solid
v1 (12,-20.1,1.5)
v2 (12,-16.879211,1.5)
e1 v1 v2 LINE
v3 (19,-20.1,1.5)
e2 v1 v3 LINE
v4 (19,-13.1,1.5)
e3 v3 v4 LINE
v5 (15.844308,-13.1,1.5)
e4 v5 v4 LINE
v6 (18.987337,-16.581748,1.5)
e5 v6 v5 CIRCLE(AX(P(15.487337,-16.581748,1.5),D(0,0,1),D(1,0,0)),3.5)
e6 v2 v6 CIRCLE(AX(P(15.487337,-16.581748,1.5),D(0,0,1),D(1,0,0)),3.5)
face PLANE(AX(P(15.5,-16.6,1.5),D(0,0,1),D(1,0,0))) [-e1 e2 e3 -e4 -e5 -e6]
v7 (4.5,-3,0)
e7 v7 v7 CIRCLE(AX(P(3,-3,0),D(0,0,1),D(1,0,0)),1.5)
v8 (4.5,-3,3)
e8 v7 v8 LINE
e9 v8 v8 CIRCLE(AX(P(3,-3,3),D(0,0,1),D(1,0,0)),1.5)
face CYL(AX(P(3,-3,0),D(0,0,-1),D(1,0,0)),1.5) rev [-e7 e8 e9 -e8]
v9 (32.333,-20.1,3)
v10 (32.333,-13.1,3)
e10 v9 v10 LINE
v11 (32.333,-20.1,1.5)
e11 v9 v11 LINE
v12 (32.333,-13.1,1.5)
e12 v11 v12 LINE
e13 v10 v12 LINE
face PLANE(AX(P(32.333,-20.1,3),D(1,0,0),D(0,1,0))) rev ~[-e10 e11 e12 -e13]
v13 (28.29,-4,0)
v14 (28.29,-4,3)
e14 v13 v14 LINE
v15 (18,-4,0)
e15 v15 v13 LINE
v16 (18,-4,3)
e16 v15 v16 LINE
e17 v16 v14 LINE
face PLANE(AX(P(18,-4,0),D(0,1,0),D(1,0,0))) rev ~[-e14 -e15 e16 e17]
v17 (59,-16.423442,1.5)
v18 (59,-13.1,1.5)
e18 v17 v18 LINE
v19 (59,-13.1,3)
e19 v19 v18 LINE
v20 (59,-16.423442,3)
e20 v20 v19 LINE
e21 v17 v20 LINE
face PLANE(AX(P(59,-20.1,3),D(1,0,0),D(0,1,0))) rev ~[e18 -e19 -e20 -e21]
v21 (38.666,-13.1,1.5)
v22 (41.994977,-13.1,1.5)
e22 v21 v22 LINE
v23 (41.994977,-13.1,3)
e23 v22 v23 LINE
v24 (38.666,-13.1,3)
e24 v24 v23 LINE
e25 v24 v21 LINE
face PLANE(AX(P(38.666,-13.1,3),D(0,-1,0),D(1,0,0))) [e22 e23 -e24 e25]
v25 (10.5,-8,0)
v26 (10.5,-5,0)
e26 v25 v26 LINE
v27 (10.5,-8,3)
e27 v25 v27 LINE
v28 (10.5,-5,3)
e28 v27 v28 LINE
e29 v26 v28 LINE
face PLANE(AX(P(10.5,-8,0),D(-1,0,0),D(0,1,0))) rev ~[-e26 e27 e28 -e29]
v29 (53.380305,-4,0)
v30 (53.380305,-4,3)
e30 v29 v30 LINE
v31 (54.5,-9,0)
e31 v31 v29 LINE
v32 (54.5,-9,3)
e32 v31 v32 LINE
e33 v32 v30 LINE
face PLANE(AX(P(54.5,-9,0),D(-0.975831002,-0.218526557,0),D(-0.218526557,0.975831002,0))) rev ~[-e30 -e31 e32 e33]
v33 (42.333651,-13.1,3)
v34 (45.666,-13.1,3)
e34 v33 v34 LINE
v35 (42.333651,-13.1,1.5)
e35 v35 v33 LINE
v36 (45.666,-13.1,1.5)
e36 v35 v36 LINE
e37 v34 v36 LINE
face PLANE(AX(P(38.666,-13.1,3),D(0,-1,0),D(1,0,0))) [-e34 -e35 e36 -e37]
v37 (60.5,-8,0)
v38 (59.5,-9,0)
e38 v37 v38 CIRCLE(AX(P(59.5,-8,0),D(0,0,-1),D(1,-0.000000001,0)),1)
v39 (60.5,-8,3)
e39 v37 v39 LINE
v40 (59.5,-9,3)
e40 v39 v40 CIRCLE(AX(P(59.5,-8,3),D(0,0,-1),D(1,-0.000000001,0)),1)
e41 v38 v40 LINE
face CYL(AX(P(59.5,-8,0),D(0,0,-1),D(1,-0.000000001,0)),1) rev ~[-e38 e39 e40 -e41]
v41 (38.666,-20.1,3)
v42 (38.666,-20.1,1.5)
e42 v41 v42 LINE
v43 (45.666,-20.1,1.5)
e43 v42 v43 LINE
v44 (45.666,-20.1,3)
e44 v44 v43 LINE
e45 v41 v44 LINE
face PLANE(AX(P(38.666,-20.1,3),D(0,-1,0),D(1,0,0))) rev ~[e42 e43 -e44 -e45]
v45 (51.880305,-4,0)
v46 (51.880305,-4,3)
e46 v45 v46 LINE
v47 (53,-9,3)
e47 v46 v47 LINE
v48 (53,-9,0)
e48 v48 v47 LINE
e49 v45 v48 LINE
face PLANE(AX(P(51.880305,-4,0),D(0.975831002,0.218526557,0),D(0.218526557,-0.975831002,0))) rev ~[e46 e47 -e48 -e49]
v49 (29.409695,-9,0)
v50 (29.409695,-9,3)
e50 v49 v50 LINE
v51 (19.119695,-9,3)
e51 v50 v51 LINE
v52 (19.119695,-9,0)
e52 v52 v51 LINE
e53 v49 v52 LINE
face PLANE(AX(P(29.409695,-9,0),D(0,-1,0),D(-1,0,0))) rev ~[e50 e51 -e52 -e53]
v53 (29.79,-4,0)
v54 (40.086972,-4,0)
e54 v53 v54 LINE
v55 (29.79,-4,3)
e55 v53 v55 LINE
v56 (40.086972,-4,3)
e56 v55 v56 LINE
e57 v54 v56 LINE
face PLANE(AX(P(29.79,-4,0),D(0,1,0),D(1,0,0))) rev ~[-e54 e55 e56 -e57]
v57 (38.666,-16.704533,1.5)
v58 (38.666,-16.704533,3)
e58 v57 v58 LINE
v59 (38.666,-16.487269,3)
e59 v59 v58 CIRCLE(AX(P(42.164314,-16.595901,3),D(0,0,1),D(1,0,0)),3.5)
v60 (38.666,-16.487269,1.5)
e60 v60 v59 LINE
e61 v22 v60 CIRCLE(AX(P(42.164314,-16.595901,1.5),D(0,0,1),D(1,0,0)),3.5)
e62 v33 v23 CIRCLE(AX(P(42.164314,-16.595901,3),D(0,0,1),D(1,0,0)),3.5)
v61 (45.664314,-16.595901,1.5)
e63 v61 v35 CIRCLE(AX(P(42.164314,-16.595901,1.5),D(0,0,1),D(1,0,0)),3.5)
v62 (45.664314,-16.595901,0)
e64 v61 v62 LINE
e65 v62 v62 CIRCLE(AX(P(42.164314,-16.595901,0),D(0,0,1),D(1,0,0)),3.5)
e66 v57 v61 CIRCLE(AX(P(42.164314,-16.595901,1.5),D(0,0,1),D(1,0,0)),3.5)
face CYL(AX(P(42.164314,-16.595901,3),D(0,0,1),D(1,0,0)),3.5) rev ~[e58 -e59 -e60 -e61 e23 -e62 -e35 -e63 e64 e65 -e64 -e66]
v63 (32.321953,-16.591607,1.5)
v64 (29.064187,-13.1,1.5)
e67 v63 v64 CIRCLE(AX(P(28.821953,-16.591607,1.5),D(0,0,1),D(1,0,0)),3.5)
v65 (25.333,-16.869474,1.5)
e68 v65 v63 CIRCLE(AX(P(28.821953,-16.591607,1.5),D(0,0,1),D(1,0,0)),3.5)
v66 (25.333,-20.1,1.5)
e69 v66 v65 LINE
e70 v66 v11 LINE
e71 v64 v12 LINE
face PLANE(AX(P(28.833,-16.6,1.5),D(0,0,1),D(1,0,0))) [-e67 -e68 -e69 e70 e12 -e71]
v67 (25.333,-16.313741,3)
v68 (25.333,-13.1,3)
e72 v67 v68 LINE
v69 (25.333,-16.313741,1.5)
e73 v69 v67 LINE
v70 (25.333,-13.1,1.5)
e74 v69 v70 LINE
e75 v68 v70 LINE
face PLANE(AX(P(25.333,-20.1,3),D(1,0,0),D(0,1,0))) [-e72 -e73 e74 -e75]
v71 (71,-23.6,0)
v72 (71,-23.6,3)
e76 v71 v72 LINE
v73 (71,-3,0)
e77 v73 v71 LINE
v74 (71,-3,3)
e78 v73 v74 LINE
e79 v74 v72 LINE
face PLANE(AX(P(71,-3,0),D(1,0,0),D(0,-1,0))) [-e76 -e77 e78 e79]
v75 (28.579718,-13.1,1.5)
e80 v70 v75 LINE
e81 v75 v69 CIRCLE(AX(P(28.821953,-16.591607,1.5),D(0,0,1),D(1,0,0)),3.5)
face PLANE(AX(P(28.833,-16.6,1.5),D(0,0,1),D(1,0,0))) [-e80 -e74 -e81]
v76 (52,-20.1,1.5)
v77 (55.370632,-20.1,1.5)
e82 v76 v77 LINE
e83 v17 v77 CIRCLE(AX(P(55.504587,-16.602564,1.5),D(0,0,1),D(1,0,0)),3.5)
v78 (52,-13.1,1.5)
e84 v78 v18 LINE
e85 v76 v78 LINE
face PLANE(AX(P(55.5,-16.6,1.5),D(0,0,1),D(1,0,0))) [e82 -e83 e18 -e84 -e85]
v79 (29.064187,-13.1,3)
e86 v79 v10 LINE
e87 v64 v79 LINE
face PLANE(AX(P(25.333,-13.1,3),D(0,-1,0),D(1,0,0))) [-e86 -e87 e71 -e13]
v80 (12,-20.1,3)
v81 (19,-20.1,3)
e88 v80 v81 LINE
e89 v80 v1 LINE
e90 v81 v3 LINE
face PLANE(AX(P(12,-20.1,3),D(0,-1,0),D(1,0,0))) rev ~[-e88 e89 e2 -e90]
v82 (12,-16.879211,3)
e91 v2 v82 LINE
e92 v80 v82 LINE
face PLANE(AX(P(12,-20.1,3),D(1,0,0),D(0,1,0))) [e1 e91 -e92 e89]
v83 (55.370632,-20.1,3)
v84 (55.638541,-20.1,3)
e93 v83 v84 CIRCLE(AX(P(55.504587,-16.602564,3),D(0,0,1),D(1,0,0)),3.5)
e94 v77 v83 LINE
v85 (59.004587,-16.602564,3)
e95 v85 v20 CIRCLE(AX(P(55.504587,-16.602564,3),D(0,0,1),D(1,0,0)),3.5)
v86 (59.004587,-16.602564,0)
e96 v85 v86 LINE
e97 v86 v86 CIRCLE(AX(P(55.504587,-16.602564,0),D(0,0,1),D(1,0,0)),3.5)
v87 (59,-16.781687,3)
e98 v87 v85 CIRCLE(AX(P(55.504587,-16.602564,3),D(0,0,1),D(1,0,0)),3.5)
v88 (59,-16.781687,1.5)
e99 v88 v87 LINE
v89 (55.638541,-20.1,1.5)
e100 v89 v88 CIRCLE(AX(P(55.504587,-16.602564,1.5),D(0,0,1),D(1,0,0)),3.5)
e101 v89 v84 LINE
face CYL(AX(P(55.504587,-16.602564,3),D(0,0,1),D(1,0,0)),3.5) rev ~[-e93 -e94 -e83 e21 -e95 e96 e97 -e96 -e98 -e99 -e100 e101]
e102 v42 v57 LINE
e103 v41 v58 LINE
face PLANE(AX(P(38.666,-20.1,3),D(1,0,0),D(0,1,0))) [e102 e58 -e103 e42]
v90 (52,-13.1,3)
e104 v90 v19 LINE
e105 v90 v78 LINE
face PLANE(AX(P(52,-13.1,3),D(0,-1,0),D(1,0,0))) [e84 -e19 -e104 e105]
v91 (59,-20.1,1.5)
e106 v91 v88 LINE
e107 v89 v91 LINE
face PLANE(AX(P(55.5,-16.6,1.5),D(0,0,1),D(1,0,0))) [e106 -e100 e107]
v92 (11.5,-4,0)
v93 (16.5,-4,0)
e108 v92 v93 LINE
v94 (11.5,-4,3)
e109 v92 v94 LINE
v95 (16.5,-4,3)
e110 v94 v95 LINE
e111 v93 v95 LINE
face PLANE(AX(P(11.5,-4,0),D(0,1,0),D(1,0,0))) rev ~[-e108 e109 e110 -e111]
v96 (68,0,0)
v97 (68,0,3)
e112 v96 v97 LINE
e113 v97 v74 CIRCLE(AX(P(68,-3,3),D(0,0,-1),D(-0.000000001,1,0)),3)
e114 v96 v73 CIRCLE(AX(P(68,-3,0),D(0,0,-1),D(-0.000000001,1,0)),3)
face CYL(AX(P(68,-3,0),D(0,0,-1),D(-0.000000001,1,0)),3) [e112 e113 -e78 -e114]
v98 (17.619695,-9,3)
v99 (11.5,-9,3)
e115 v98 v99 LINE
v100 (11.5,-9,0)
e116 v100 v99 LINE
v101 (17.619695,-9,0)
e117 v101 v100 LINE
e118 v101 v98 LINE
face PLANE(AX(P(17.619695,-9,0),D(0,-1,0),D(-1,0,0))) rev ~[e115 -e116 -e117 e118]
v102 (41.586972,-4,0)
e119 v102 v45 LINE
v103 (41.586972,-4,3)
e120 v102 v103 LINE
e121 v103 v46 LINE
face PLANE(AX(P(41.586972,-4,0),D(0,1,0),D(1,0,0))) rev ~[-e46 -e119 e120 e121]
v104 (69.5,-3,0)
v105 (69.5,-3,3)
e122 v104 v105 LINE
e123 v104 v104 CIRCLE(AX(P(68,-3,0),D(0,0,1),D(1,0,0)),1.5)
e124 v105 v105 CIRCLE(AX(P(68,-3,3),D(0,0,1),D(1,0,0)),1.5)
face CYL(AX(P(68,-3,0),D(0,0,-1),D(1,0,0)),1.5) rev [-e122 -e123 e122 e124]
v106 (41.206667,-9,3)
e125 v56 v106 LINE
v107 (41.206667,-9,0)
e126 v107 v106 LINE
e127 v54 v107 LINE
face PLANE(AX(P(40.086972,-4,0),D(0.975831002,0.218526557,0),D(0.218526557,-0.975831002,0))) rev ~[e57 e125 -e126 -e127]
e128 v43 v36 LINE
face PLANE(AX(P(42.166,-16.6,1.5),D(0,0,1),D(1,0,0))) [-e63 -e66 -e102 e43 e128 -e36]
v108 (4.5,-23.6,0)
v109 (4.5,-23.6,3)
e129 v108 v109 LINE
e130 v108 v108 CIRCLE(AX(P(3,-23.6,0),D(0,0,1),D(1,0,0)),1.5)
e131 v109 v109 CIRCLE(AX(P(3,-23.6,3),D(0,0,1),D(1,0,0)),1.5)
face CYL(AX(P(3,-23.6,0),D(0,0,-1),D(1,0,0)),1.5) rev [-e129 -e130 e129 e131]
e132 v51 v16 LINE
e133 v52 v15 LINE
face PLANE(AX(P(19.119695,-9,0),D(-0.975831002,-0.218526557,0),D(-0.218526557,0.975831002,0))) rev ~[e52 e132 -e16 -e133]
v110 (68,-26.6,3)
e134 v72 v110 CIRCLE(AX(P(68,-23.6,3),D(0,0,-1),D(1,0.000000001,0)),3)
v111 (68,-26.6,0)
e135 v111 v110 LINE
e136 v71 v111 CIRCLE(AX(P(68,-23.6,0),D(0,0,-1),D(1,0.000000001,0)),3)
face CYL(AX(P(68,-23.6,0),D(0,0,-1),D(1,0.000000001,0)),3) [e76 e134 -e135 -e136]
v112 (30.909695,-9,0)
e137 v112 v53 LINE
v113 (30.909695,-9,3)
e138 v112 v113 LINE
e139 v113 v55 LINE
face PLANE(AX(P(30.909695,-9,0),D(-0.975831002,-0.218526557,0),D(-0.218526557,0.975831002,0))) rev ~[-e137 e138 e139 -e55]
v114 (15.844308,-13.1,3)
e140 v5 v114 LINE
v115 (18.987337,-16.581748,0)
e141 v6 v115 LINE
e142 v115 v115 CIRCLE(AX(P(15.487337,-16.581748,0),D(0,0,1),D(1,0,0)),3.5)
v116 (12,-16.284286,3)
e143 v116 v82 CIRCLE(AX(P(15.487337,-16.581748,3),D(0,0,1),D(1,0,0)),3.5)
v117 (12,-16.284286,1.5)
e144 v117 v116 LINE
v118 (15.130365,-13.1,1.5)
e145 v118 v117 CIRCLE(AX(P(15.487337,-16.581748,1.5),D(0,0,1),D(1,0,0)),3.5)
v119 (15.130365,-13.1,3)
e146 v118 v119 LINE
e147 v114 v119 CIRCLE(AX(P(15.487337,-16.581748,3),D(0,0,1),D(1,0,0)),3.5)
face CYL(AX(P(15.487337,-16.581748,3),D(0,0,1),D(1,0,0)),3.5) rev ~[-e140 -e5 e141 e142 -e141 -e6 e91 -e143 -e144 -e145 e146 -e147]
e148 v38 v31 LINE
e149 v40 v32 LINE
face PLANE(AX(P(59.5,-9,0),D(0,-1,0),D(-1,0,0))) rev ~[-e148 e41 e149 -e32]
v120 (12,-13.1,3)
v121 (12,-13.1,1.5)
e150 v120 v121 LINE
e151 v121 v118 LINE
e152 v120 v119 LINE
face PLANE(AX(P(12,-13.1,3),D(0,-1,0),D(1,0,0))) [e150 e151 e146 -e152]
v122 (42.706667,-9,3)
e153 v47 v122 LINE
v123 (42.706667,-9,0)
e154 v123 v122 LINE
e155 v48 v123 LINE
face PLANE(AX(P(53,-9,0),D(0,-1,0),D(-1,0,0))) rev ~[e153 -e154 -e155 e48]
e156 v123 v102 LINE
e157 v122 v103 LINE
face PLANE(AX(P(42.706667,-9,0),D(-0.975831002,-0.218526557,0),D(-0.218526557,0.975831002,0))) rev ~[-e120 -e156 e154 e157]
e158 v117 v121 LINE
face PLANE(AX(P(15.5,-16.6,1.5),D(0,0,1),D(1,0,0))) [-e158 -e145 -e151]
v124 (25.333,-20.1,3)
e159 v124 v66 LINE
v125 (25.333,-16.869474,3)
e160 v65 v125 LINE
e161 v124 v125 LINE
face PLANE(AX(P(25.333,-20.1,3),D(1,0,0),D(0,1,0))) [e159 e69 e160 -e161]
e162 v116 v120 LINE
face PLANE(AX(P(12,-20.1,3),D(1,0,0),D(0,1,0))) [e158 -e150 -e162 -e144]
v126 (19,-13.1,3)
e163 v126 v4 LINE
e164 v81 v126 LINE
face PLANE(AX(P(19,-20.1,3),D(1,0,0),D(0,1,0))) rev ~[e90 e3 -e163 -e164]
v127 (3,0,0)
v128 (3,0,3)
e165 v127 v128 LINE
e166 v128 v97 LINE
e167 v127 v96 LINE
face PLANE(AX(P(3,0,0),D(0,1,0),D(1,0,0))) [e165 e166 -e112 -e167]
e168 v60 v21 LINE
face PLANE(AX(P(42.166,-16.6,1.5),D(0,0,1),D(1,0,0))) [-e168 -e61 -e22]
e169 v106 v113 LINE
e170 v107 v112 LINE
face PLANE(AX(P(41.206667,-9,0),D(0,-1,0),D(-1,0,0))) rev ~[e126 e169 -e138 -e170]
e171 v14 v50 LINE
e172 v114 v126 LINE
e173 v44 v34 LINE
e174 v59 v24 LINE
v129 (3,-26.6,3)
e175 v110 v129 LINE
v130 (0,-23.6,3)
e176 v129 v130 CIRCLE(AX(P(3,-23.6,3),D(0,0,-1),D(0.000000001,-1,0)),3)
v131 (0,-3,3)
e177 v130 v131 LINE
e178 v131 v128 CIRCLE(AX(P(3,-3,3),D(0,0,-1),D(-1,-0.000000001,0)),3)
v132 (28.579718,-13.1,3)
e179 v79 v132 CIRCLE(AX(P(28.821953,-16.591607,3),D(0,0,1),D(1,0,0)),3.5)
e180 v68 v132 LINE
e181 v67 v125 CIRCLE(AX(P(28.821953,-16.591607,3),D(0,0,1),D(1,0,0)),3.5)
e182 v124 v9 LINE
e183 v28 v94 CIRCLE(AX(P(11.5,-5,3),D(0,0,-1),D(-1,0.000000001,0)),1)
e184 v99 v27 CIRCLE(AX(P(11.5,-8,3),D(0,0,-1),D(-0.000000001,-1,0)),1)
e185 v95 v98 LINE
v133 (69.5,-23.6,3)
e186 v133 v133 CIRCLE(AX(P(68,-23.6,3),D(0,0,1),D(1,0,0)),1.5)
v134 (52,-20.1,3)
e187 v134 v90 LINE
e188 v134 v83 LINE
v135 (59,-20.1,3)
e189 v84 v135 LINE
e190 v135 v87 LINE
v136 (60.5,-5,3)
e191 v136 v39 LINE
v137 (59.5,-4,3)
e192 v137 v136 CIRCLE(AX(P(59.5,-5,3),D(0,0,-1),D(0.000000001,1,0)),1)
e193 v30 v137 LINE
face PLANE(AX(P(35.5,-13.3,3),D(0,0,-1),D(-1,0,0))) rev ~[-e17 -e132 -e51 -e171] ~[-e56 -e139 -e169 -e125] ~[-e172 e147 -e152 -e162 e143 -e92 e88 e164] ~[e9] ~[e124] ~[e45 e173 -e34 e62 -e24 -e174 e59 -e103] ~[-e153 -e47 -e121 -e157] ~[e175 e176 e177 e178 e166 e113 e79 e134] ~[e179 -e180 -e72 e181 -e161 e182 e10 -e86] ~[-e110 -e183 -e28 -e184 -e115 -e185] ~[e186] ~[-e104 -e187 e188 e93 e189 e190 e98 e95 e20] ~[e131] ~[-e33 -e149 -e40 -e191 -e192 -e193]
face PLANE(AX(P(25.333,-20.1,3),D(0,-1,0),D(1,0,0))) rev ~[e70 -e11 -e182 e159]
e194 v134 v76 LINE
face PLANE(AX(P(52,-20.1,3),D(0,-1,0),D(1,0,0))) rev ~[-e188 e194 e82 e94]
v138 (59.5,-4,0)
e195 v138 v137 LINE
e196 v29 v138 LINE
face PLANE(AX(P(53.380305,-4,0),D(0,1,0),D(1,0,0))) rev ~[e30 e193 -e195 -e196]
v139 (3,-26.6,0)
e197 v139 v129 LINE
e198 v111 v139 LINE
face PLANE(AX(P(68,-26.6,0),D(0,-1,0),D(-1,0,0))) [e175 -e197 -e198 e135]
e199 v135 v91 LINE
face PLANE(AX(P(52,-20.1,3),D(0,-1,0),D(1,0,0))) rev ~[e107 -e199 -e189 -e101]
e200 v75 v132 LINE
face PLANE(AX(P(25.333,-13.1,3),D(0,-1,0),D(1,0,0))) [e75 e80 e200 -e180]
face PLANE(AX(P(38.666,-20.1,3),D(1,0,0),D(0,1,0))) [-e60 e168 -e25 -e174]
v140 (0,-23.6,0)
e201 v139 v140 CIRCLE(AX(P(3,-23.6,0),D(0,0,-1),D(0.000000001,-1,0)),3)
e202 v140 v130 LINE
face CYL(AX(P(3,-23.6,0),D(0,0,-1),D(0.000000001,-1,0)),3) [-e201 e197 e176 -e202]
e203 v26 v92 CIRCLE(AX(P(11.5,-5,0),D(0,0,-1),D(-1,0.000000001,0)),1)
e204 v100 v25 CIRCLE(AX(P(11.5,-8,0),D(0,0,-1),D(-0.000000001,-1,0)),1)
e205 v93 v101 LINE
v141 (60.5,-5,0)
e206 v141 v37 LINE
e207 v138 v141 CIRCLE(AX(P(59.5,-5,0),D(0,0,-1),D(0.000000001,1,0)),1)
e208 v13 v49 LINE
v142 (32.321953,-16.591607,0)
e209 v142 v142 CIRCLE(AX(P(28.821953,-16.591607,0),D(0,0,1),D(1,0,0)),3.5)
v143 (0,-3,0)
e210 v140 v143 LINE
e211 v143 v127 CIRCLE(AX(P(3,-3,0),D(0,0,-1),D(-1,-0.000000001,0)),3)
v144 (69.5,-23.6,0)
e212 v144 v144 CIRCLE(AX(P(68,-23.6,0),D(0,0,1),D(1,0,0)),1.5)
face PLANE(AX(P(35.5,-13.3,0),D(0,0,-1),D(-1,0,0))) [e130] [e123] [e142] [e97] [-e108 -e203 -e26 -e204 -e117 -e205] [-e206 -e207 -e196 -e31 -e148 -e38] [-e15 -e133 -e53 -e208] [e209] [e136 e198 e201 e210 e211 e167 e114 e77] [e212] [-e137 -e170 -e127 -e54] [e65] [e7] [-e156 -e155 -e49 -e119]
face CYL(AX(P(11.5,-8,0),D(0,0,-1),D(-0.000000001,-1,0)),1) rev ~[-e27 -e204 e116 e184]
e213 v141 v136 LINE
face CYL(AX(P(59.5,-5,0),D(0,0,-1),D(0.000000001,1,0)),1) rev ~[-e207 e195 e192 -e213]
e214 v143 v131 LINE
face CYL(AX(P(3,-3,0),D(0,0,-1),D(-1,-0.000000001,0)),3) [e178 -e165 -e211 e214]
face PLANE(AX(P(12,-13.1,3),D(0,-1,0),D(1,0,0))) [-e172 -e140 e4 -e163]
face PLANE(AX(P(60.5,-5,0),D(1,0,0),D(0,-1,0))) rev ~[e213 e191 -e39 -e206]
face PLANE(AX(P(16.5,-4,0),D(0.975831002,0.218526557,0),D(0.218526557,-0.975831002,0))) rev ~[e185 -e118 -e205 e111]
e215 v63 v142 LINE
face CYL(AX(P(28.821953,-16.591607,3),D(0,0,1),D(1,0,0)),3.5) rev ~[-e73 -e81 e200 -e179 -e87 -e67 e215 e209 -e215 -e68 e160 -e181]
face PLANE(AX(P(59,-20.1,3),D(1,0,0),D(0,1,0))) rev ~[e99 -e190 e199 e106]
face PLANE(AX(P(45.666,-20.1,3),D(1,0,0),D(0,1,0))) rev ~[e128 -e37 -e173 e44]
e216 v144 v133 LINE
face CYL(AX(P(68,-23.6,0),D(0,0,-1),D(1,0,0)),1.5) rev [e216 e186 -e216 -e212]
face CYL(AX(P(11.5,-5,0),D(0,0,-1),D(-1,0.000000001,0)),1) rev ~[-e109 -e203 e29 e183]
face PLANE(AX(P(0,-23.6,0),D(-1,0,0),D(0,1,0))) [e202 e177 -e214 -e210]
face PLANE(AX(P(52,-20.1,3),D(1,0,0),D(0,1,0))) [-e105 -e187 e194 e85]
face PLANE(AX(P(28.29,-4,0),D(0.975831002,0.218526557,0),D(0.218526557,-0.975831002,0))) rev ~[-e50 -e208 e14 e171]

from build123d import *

# Parameters (mm, degrees)
SKETCH_1_R          = 1.5
EXTRUDE_1_DEPTH     = 3
SKETCH_2_W          = 7
SKETCH_2_H          = 7
CUT_EXTRUDE_1_DEPTH = 1.5
SKETCH_3_R          = 3.5
CUT_EXTRUDE_2_DEPTH = 3
CUT_EXTRUDE_3_DEPTH = 3


with BuildPart() as part:
    # 草图1 → 凸台-拉伸1 (new body)
    with BuildSketch(Plane.XY):
        with BuildLine():
            Line((3, 0), (68, 0))
            ThreePointArc((68, 0), (70.121320344, -0.878679656), (71, -3))
            Line((71, -3), (71, -23.6))
            ThreePointArc((71, -23.6), (70.121320344, -25.721320344), (68, -26.6))
            Line((68, -26.6), (3, -26.6))
            ThreePointArc((3, -26.6), (0.878679656, -25.721320344), (0, -23.6))
            Line((0, -23.6), (0, -3))
            ThreePointArc((0, -3), (0.878679656, -0.878679656), (3, 0))
        make_face()
        with Locations((3, -3)):
            Circle(SKETCH_1_R, mode=Mode.SUBTRACT)
        with Locations((68, -3)):
            Circle(SKETCH_1_R, mode=Mode.SUBTRACT)
        with Locations((68, -23.6)):
            Circle(SKETCH_1_R, mode=Mode.SUBTRACT)
        with Locations((3, -23.6)):
            Circle(SKETCH_1_R, mode=Mode.SUBTRACT)
    extrude(amount=EXTRUDE_1_DEPTH)

    # 草图2 → 切除-拉伸1 (cut)
    with BuildSketch(Plane.XY.offset(3)):
        with Locations((15.5, -16.6)):
            Rectangle(SKETCH_2_W, SKETCH_2_H)
        with Locations((28.833, -16.6)):
            Rectangle(SKETCH_2_W, SKETCH_2_H)
        with Locations((42.166, -16.6)):
            Rectangle(SKETCH_2_W, SKETCH_2_H)
        with Locations((55.5, -16.6)):
            Rectangle(SKETCH_2_W, SKETCH_2_H)
    extrude(amount=-CUT_EXTRUDE_1_DEPTH, mode=Mode.SUBTRACT)

    # 草图3 → 切除-拉伸2 (cut)
    with BuildSketch(Plane.XY.offset(3)):
        with Locations((15.487336513, -16.581748308)):
            Circle(SKETCH_3_R)
        with Locations((28.821952613, -16.591607422)):
            Circle(SKETCH_3_R)
        with Locations((42.164313749, -16.595901173)):
            Circle(SKETCH_3_R)
        with Locations((55.50458657, -16.602564336)):
            Circle(SKETCH_3_R)
    extrude(amount=-CUT_EXTRUDE_2_DEPTH, mode=Mode.SUBTRACT)

    # 草图4 → 切除-拉伸3 (cut)
    with BuildSketch(Plane(origin=(0, 0, 0), x_dir=(-1, 0, 0), z_dir=(0, 0, -1))):
        Polygon((-41.586971982, -4), (-51.880305316, -4), (-53, -9), (-42.706666667, -9), align=None)
        with BuildLine():
            Line((-53.380305316, -4), (-59.5, -4))
            ThreePointArc((-59.5, -4), (-60.207106781, -4.292893219), (-60.5, -5))
            Line((-60.5, -5), (-60.5, -8))
            ThreePointArc((-60.5, -8), (-60.207106781, -8.707106781), (-59.5, -9))
            Line((-59.5, -9), (-54.5, -9))
            Line((-54.5, -9), (-53.380305316, -4))
        make_face()
        Polygon((-29.79, -4), (-40.086971982, -4), (-41.206666667, -9), (-30.909694684, -9), align=None)
        Polygon((-18, -4), (-28.29, -4), (-29.409694684, -9), (-19.119694684, -9), align=None)
        with BuildLine():
            Line((-11.5, -4), (-16.5, -4))
            Line((-16.5, -4), (-17.619694684, -9))
            Line((-17.619694684, -9), (-11.5, -9))
            ThreePointArc((-11.5, -9), (-10.792893219, -8.707106781), (-10.5, -8))
            Line((-10.5, -8), (-10.5, -5))
            ThreePointArc((-10.5, -5), (-10.792893219, -4.292893219), (-11.5, -4))
        make_face()
    extrude(amount=-CUT_EXTRUDE_3_DEPTH, mode=Mode.SUBTRACT)


solid = part.part
